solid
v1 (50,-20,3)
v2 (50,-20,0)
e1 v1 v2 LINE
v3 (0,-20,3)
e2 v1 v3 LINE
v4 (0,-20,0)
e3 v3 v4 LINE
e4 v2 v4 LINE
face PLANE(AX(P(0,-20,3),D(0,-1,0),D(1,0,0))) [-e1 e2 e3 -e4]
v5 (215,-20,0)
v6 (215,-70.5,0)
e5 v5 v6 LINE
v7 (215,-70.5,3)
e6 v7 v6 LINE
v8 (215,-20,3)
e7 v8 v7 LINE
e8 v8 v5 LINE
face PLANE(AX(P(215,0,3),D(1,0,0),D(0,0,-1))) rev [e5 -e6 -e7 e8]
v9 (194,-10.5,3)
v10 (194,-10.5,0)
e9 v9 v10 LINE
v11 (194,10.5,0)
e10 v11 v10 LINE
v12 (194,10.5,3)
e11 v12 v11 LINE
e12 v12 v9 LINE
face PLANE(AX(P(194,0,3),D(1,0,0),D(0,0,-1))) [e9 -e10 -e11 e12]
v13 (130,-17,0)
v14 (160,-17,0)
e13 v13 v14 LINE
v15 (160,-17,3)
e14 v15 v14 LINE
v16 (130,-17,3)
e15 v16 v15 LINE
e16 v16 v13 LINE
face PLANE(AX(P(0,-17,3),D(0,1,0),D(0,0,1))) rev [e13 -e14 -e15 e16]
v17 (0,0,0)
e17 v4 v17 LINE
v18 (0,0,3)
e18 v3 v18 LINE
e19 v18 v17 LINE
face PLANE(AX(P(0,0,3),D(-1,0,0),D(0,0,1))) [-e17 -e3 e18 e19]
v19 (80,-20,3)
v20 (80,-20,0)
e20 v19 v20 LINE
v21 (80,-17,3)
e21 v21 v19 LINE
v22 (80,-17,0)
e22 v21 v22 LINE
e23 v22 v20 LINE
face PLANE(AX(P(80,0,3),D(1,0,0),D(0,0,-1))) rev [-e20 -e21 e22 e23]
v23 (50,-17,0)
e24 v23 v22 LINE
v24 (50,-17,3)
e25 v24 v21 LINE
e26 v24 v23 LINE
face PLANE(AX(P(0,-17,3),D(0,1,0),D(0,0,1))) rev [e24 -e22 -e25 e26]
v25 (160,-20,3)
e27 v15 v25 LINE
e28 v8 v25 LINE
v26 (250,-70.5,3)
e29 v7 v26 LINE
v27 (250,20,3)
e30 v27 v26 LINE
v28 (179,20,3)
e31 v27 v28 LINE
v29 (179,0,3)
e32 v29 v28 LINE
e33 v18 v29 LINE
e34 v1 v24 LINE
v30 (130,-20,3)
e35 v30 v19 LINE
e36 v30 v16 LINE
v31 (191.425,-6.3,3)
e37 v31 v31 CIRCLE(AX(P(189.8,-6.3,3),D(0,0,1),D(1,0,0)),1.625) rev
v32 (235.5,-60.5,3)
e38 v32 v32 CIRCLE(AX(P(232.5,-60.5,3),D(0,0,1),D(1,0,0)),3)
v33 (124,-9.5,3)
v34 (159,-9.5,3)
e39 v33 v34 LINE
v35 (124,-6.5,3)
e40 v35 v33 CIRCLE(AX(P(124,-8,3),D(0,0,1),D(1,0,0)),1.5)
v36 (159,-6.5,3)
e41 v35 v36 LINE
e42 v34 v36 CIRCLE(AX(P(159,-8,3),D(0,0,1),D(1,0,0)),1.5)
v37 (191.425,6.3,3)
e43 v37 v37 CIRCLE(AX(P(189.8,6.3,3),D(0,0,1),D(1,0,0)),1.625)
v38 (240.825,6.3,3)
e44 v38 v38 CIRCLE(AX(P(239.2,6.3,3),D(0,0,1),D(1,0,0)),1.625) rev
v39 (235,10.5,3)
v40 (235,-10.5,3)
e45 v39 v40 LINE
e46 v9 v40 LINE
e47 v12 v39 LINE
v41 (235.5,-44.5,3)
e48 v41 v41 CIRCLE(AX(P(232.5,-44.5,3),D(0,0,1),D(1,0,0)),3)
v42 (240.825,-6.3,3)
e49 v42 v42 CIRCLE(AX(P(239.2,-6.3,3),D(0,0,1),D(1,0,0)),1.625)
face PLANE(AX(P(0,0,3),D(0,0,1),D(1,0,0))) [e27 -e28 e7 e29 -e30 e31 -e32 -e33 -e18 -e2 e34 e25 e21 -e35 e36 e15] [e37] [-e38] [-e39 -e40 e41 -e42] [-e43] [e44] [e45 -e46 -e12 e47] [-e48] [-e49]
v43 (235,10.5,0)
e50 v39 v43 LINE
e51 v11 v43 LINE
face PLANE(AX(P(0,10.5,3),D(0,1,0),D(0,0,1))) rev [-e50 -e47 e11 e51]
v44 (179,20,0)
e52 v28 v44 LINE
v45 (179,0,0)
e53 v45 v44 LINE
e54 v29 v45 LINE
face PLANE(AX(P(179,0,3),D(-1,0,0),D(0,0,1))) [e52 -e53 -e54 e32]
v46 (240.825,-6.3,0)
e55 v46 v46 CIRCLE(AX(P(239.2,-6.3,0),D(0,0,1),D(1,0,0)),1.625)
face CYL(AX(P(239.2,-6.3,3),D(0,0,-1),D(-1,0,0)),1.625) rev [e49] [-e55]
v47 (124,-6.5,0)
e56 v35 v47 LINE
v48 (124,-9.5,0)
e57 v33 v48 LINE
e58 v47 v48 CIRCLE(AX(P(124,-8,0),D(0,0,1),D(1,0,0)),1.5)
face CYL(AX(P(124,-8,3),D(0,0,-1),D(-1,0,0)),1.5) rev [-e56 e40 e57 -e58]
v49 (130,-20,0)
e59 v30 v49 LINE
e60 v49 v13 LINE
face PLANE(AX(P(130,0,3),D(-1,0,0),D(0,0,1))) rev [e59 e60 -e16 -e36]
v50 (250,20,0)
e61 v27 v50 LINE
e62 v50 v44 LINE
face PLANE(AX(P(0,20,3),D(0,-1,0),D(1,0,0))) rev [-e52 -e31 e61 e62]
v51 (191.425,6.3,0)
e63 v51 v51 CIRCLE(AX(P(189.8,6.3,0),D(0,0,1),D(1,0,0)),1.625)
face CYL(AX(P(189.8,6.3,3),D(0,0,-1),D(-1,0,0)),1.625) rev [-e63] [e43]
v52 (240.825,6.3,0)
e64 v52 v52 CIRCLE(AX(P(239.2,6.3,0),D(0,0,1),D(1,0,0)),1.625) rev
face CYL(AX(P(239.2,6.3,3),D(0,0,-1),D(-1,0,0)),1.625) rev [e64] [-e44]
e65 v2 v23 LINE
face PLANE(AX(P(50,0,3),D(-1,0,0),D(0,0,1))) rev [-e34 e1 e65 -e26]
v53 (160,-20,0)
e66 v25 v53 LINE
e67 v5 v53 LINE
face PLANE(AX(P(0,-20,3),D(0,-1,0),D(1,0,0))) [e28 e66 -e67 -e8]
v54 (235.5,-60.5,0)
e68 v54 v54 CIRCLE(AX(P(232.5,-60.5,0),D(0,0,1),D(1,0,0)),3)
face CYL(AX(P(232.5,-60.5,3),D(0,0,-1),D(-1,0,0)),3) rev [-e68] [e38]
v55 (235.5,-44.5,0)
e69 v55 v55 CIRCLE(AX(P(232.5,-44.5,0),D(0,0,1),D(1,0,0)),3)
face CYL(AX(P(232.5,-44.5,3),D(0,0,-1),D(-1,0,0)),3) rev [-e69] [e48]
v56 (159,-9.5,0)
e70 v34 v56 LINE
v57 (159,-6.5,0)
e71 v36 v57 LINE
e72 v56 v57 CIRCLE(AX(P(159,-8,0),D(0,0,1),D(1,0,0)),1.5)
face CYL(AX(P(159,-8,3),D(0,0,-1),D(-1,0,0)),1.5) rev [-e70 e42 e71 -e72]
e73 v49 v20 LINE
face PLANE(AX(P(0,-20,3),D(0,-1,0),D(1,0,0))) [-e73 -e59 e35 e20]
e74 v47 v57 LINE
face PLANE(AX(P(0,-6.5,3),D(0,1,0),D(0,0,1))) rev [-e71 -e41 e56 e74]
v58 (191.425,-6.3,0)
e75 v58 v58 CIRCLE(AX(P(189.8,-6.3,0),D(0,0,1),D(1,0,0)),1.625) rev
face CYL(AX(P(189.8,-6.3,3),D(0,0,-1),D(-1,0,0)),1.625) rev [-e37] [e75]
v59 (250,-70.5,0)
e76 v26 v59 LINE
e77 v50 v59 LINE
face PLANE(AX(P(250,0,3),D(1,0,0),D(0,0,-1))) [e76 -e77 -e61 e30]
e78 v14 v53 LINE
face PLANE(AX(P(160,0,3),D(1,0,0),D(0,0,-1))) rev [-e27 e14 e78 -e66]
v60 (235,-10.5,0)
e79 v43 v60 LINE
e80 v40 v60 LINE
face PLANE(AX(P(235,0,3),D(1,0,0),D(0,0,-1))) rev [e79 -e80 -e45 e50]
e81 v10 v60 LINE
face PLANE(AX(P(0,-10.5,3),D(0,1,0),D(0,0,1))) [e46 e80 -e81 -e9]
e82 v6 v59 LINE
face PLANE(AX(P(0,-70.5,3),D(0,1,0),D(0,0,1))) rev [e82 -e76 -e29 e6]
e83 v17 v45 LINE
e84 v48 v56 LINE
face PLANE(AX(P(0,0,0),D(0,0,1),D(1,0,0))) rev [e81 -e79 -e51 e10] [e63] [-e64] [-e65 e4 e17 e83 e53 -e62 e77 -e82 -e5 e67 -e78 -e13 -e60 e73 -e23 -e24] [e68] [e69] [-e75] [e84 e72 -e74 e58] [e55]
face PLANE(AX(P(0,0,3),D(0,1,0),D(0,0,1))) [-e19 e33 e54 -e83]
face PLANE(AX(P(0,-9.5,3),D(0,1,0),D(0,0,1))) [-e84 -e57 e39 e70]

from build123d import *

# Parameters (mm, degrees)
ESBO_O1_R                = 1.625
ESBO_O1_R_2              = 3
ESBO_O1_W                = 41
ESBO_O1_H                = 21
RESSALTO_EXTRUS_O1_DEPTH = 3


with BuildPart() as part:
    # Esboço1 → Ressalto-extrusão1 (new body)
    with BuildSketch(Plane.XY):
        Polygon((215, -20), (160, -20), (160, -17), (130, -17), (130, -20), (80, -20), (80, -17), (50, -17), (50, -20), (0, -20), (0, 0), (179, 0), (179, 20), (250, 20), (250, -20), (250, -70.5), (215, -70.5), align=None)
        with Locations((189.8, 6.3)):
            Circle(ESBO_O1_R, mode=Mode.SUBTRACT)
        with Locations((239.2, 6.3)):
            Circle(ESBO_O1_R, mode=Mode.SUBTRACT)
        with Locations((239.2, -6.3)):
            Circle(ESBO_O1_R, mode=Mode.SUBTRACT)
        with Locations((189.8, -6.3)):
            Circle(ESBO_O1_R, mode=Mode.SUBTRACT)
        with Locations((232.5, -60.5)):
            Circle(ESBO_O1_R_2, mode=Mode.SUBTRACT)
        with Locations((232.5, -44.5)):
            Circle(ESBO_O1_R_2, mode=Mode.SUBTRACT)
        with Locations((214.5, 0)):
            Rectangle(ESBO_O1_W, ESBO_O1_H, mode=Mode.SUBTRACT)
        with BuildLine():
            Line((124, -6.5), (159, -6.5))
            ThreePointArc((159, -6.5), (160.5, -8), (159, -9.5))
            Line((159, -9.5), (124, -9.5))
            ThreePointArc((124, -9.5), (122.5, -8), (124, -6.5))
        make_face(mode=Mode.SUBTRACT)
    extrude(amount=RESSALTO_EXTRUS_O1_DEPTH)


solid = part.part
